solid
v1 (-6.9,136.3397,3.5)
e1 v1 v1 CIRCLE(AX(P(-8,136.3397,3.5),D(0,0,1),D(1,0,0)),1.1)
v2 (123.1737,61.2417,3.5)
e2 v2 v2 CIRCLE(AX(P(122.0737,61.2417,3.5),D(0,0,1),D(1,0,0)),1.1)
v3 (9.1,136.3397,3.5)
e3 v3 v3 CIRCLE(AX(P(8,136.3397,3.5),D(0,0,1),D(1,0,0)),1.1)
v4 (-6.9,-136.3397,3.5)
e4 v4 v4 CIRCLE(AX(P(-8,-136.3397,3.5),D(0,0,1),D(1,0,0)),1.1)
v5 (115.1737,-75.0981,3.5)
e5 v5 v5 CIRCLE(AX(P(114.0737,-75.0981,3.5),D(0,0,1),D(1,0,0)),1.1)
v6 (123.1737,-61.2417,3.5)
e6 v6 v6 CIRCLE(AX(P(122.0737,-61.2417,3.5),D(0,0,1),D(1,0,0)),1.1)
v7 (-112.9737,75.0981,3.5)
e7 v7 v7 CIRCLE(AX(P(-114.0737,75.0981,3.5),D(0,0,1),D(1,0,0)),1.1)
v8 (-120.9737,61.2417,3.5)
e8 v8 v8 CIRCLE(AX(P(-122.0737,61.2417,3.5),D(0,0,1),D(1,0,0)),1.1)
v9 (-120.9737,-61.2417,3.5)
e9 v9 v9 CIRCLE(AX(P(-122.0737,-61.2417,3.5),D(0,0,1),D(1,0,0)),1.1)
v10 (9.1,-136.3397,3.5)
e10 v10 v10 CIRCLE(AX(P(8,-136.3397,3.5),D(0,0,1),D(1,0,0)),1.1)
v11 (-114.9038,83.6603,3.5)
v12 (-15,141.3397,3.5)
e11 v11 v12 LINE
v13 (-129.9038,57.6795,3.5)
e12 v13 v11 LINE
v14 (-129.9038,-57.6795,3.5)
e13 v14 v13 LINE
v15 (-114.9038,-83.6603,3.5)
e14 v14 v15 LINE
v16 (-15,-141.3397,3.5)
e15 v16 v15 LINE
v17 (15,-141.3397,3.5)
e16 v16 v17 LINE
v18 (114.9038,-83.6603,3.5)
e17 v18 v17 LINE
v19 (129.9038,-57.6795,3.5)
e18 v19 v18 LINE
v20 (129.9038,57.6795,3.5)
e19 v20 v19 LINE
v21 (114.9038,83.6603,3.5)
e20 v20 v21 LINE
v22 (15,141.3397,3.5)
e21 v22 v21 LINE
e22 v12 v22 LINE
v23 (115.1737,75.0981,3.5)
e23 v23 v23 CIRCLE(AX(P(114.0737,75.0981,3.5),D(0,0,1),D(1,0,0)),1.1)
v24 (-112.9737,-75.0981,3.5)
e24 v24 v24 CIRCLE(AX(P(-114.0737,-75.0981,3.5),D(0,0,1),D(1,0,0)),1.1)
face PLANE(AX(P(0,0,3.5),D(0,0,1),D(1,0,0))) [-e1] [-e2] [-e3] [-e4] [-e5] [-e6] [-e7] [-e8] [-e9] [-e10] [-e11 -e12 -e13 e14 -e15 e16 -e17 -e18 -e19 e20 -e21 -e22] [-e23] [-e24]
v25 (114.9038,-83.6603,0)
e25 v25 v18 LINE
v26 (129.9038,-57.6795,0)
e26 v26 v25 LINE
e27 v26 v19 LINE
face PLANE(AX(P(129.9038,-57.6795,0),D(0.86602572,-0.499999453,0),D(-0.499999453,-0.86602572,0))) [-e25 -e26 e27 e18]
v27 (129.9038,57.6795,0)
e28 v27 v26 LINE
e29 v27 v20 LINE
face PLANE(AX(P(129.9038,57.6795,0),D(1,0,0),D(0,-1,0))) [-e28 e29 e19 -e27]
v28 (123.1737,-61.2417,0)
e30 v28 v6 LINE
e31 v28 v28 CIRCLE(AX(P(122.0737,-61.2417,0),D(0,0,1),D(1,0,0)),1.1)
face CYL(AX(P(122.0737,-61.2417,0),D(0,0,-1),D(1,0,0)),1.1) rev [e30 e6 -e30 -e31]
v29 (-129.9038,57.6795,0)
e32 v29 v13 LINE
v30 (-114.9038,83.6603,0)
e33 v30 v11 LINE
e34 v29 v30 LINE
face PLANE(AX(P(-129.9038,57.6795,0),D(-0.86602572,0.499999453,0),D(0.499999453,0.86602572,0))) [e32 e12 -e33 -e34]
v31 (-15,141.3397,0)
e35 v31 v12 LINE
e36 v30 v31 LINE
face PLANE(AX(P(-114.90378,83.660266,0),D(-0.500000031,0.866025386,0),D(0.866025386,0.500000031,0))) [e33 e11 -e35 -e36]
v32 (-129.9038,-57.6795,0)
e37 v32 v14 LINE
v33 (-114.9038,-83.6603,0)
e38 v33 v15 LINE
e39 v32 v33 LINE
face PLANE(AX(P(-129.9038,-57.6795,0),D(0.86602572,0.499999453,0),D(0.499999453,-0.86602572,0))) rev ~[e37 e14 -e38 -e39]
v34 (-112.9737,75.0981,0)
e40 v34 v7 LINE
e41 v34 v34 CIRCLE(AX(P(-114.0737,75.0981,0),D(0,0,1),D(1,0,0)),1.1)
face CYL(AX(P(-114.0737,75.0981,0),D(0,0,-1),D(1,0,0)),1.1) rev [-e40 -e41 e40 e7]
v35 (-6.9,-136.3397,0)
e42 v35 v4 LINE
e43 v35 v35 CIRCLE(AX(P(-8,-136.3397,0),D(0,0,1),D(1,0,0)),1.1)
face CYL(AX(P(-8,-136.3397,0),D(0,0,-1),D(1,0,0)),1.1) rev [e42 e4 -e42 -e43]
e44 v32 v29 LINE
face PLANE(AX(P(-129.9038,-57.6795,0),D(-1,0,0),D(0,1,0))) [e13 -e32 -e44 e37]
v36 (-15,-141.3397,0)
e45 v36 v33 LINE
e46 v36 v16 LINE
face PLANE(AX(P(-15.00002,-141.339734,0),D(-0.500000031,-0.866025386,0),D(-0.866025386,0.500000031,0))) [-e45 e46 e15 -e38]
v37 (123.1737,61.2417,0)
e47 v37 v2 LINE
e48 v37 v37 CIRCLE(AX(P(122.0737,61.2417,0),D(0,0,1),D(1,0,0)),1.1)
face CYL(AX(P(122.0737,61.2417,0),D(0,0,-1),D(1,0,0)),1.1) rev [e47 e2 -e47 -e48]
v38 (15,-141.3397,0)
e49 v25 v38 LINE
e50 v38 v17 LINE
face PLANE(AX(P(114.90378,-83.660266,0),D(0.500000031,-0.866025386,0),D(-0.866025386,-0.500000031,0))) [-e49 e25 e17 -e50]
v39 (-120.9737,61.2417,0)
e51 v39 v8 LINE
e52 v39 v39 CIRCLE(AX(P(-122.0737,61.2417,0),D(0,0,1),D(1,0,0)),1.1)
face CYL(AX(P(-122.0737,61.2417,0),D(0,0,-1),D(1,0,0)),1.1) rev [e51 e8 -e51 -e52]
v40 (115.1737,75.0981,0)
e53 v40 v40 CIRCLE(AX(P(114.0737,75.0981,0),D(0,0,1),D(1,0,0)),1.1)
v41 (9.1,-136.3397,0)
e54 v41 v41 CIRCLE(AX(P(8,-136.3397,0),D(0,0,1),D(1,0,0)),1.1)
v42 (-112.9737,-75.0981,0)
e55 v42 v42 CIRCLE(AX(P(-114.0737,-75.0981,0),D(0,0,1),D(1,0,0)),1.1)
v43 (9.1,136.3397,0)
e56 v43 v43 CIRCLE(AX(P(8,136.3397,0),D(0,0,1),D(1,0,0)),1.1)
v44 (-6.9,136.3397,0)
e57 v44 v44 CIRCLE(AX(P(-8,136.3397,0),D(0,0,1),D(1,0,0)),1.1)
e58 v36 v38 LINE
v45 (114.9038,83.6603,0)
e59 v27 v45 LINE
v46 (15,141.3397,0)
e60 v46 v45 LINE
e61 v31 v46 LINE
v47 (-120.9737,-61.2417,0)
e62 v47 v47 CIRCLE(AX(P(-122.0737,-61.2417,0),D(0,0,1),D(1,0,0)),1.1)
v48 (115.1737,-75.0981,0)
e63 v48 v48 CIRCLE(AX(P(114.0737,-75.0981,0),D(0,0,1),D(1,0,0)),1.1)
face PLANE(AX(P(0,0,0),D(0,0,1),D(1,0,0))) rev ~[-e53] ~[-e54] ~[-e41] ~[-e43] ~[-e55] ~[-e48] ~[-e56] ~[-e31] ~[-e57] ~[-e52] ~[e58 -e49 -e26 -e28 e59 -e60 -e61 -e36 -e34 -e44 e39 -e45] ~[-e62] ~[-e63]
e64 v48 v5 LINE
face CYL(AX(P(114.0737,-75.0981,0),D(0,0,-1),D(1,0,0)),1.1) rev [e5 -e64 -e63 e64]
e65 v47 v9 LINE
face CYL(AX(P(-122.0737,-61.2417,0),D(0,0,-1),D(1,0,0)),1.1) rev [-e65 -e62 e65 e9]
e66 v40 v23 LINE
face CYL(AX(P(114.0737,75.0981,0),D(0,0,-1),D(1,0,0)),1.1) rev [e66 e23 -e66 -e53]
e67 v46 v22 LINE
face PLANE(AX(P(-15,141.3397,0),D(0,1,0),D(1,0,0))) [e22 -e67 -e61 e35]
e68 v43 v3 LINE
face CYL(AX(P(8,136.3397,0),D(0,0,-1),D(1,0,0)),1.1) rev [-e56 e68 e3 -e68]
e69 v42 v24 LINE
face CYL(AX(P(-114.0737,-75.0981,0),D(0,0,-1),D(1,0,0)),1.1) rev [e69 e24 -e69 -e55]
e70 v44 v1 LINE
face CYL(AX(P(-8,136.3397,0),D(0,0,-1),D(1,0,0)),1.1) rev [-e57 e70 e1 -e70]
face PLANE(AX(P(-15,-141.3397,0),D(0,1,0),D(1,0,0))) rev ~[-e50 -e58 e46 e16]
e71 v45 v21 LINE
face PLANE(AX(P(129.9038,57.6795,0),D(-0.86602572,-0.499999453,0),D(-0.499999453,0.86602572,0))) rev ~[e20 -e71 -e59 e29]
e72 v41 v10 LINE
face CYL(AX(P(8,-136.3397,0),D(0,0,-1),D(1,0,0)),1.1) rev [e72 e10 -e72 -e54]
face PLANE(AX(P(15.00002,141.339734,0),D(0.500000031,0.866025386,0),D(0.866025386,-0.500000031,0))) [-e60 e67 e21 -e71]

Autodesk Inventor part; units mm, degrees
ref_plane "YZ Plane" through (0, 0, 0) normal (1, 0, 0) x (0, 1, 0)
ref_plane "XZ Plane" through (0, 0, 0) normal (0, 1, 0) x (-1, 0, 0)
ref_plane "XY Plane" through (0, 0, 0) normal (0, 0, 1) x (1, 0, 0)
sketch "Sketch1" plane through (0, 0, 0) normal (0, 0, 1) x (1, 0, 0)
  circle A0 centre (0, 0) radius 150 construction
  line L0 (0, -150) -> (-129.9038, -75)
  line L1 (-129.9038, -75) -> (-129.9038, 75)
  line L2 (-129.9038, 75) -> (0, 150)
  line L3 (0, 150) -> (129.9038, 75)
  line L4 (129.9038, 75) -> (129.9038, -75)
  line L5 (129.9038, -75) -> (0, -150)
  circle A1 centre (0, 0) radius 6.154 construction
  line L6 (30, 0) -> (15, -25.9808) construction
  line L7 (15, -25.9808) -> (-15, -25.9808) construction
  line L8 (-15, -25.9808) -> (-30, 0) construction
  line L9 (-30, 0) -> (-15, 25.9808) construction
  line L10 (-15, 25.9808) -> (15, 25.9808) construction
  line L11 (15, 25.9808) -> (30, 0) construction
  line L12 (-129.9038, 57.6795) -> (-114.9038, 83.6603)
  line L13 (-15, 141.3397) -> (15, 141.3397)
  line L14 (129.9038, 57.6795) -> (114.9038, 83.6603)
  line L15 (129.9038, -57.6795) -> (114.9038, -83.6603)
  line L16 (-15, -141.3397) -> (15, -141.3397)
  line L17 (-129.9038, -57.6795) -> (-114.9038, -83.6603)
  line L18 (-129.9038, 75) -> (129.9038, -75) construction
  line L19 (-125.9038, 81.9282) -> (133.9038, -68.0718) construction
  line L20 (-133.9038, 68.0718) -> (125.9038, -81.9282) construction
  line L21 (-125.5737, 55.1795) -> (-110.5737, 81.1603) construction
  circle A2 centre (-114.0737, 75.0981) radius 1.1
  circle A3 centre (-122.0737, 61.2417) radius 1.1
  line L22 (-133.9038, -68.0718) -> (125.9038, 81.9282) construction
  line L23 (-129.9038, -75) -> (129.9038, 75) construction
  line L24 (-125.9038, -81.9282) -> (133.9038, 68.0718) construction
  line L25 (-110.5737, -81.1603) -> (-125.5737, -55.1795) construction
  circle A4 centre (-114.0737, -75.0981) radius 1.1
  circle A5 centre (-122.0737, -61.2417) radius 1.1
  line L26 (-8, -150) -> (-8, 150) construction
  line L27 (0, -150) -> (0, 150) construction
  line L28 (8, -150) -> (8, 150) construction
  line L29 (15, -136.3397) -> (-15, -136.3397) construction
  circle A6 centre (8, -136.3397) radius 1.1
  circle A7 centre (-8, -136.3397) radius 1.1
  line L30 (125.9038, -81.9282) -> (-133.9038, 68.0718) construction
  line L31 (129.9038, -75) -> (-129.9038, 75) construction
  line L32 (133.9038, -68.0718) -> (-125.9038, 81.9282) construction
  line L33 (125.5737, -55.1795) -> (110.5737, -81.1603) construction
  circle A8 centre (122.0737, -61.2417) radius 1.1
  circle A9 centre (114.0737, -75.0981) radius 1.1
  line L34 (133.9038, 68.0718) -> (-125.9038, -81.9282) construction
  line L35 (129.9038, 75) -> (-129.9038, -75) construction
  line L36 (125.9038, 81.9282) -> (-133.9038, -68.0718) construction
  line L37 (110.5737, 81.1603) -> (125.5737, 55.1795) construction
  circle A10 centre (114.0737, 75.0981) radius 1.1
  circle A11 centre (122.0737, 61.2417) radius 1.1
  line L38 (8, 150) -> (8, -150) construction
  line L39 (0, 150) -> (0, -150) construction
  line L40 (-8, 150) -> (-8, -150) construction
  line L41 (-15, 136.3397) -> (15, 136.3397) construction
  circle A12 centre (-8, 136.3397) radius 1.1
  circle A13 centre (8, 136.3397) radius 1.1
  dimension "d5" = 300
  dimension "d6" = 30
  dimension "d7" = 30
  dimension "d8" = 30
  dimension "d9" = 30
  dimension "d10" = 30
  dimension "d11" = 30
  dimension "d12" = 30
  dimension "d17" = 8
  dimension "d18" = 8
  dimension "d19" = 5
  dimension "d20" = 2.2
  dimension "d21" = 2.2
  dimension "d24" = 360
extrude "Extrusion1" add sketch "Sketch1" along normal blind 3.5 contours L0 L17 L1 L12 L2 L13 L3 L14 L4 L15 L5 L16
properties part number "Body_Plate"
